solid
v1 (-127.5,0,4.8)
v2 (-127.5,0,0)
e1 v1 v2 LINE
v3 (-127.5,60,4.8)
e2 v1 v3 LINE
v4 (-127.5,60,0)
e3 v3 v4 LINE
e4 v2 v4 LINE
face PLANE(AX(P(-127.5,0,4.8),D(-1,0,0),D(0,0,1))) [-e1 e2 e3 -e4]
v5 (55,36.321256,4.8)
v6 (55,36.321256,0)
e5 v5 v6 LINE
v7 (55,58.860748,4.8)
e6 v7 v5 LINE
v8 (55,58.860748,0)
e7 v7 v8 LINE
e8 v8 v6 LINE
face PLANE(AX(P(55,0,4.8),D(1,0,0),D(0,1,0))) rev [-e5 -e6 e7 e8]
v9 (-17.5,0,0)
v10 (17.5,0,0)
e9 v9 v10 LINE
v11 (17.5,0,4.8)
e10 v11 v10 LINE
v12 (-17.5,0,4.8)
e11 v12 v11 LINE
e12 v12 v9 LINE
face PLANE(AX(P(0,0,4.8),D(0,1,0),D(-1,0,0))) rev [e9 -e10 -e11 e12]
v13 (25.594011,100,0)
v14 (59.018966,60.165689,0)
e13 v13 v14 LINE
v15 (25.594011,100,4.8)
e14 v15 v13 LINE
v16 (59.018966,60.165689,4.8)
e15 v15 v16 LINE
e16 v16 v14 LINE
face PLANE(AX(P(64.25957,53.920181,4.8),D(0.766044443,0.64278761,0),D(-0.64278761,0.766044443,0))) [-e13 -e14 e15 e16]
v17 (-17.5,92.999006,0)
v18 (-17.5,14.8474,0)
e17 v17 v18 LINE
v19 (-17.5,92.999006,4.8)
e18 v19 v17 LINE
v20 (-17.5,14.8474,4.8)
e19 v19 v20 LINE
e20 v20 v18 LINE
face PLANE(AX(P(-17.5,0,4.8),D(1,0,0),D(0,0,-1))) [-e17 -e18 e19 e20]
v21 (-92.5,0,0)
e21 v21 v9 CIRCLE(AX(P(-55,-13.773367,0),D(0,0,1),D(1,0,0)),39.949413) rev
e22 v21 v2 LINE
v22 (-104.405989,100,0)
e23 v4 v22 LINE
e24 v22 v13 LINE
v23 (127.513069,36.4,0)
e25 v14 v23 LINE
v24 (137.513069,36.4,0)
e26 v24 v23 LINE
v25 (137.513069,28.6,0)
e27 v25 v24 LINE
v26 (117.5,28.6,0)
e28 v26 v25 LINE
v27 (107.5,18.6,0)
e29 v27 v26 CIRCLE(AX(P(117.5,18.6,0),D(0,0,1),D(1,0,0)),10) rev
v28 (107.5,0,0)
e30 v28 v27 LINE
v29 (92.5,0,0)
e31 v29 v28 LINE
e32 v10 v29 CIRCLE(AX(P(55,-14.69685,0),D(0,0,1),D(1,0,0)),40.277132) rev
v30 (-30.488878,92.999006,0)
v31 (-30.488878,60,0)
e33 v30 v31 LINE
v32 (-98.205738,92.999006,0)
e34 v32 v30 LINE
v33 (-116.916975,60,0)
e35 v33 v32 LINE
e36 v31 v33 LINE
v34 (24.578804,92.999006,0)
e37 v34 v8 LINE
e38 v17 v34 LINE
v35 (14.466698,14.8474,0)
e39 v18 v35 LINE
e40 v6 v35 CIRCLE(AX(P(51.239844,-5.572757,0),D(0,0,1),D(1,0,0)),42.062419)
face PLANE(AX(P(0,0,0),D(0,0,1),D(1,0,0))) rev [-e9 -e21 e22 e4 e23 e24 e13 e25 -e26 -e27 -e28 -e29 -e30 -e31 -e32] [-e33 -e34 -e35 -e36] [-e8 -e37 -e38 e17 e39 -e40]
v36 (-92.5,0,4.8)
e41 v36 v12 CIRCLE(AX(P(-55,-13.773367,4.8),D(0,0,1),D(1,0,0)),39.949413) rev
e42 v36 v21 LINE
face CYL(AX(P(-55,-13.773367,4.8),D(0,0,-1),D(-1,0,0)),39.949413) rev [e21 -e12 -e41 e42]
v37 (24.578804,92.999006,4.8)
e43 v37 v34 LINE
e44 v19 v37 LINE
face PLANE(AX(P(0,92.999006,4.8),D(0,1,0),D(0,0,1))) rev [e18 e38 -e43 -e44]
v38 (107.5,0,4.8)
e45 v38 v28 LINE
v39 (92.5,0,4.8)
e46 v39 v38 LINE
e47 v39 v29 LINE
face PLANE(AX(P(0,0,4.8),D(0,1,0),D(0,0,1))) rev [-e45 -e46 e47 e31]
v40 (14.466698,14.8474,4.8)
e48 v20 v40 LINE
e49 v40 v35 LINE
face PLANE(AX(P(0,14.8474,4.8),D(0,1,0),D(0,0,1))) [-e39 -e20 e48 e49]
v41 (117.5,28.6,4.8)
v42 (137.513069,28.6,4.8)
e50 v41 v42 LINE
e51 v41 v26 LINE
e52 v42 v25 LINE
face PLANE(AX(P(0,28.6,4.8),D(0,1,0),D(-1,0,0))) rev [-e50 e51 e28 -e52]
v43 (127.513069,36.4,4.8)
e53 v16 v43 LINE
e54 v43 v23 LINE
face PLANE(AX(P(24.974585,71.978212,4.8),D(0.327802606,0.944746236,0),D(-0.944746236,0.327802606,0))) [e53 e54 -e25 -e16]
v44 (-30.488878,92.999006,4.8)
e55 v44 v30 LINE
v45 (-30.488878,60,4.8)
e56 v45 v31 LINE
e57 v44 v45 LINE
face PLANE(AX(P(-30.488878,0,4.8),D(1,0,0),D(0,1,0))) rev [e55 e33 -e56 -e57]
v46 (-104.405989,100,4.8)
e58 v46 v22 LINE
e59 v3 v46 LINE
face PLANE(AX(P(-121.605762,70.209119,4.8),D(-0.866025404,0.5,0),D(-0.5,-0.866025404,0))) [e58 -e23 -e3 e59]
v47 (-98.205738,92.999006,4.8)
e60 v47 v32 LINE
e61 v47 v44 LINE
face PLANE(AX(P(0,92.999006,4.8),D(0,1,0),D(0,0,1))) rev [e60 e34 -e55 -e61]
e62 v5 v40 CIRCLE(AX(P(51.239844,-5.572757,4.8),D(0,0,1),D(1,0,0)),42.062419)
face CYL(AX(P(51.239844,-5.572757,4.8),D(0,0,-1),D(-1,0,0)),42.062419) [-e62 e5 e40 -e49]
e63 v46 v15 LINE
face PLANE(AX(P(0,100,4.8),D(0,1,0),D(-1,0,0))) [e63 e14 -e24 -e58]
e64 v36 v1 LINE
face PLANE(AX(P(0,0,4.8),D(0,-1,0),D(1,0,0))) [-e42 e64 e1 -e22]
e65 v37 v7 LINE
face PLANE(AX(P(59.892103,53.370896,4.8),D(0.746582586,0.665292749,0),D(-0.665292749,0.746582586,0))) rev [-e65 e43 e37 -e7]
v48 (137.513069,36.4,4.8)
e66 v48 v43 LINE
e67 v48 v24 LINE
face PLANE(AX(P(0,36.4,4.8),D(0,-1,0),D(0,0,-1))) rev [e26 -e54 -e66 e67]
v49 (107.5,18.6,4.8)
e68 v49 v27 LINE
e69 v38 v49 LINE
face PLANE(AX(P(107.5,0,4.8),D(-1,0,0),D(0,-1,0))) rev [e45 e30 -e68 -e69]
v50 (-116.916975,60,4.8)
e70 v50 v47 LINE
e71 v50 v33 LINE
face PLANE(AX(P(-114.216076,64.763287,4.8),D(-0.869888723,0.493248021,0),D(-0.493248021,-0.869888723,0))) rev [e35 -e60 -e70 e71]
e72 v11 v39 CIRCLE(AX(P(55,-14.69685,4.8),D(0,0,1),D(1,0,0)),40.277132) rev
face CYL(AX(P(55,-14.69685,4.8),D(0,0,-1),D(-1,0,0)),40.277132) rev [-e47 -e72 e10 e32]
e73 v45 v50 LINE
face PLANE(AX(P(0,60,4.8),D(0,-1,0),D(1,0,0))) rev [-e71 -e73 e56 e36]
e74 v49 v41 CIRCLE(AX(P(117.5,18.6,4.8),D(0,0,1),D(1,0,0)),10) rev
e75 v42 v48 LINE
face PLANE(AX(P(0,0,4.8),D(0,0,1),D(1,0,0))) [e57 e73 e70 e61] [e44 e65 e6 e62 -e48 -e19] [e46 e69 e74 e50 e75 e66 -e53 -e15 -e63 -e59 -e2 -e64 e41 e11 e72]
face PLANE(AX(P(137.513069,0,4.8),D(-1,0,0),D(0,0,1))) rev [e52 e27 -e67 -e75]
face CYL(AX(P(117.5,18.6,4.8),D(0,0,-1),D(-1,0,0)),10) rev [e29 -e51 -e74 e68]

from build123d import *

# Parameters (mm, degrees)
SALIENTE_EXTRUIR2_DEPTH = 4.8


with BuildPart() as part:
    # Croquis1 → Saliente-Extruir2 (new body)
    with BuildSketch(Plane.XY):
        with BuildLine():
            Line((-17.5, 0), (17.5, 0))
            ThreePointArc((17.5, 0), (55, 25.580282757), (92.5, 0))
            Line((92.5, 0), (107.5, 0))
            Line((107.5, 0), (107.5, 18.6))
            ThreePointArc((107.5, 18.6), (110.428932188, 25.671067812), (117.5, 28.6))
            Line((117.5, 28.6), (137.513068614, 28.6))
            Line((137.513068614, 28.6), (137.513068614, 36.4))
            Line((137.513068614, 36.4), (127.513068614, 36.4))
            Line((127.513068614, 36.4), (59.018966471, 60.165688958))
            Line((59.018966471, 60.165688958), (25.594010768, 100))
            Line((25.594010768, 100), (-104.405989232, 100))
            Line((-104.405989232, 100), (-127.5, 60))
            Line((-127.5, 60), (-127.5, 0))
            Line((-127.5, 0), (-92.5, 0))
            ThreePointArc((-92.5, 0), (-55, 26.176046527), (-17.5, 0))
        make_face()
        Polygon((-116.916975087, 60), (-98.205737613, 92.999006125), (-30.488878185, 92.999006125), (-30.488878185, 60), align=None, mode=Mode.SUBTRACT)
        with BuildLine():
            Line((-17.5, 92.999006125), (-17.5, 14.847400468))
            Line((-17.5, 14.847400468), (14.466697892, 14.847400468))
            ThreePointArc((14.466697892, 14.847400468), (31.548577024, 31.595792779), (55, 36.321255728))
            Line((55, 36.321255728), (55, 58.860748488))
            Line((55, 58.860748488), (24.578803898, 92.999006125))
            Line((24.578803898, 92.999006125), (-17.5, 92.999006125))
        make_face(mode=Mode.SUBTRACT)
    extrude(amount=SALIENTE_EXTRUIR2_DEPTH)


solid = part.part
